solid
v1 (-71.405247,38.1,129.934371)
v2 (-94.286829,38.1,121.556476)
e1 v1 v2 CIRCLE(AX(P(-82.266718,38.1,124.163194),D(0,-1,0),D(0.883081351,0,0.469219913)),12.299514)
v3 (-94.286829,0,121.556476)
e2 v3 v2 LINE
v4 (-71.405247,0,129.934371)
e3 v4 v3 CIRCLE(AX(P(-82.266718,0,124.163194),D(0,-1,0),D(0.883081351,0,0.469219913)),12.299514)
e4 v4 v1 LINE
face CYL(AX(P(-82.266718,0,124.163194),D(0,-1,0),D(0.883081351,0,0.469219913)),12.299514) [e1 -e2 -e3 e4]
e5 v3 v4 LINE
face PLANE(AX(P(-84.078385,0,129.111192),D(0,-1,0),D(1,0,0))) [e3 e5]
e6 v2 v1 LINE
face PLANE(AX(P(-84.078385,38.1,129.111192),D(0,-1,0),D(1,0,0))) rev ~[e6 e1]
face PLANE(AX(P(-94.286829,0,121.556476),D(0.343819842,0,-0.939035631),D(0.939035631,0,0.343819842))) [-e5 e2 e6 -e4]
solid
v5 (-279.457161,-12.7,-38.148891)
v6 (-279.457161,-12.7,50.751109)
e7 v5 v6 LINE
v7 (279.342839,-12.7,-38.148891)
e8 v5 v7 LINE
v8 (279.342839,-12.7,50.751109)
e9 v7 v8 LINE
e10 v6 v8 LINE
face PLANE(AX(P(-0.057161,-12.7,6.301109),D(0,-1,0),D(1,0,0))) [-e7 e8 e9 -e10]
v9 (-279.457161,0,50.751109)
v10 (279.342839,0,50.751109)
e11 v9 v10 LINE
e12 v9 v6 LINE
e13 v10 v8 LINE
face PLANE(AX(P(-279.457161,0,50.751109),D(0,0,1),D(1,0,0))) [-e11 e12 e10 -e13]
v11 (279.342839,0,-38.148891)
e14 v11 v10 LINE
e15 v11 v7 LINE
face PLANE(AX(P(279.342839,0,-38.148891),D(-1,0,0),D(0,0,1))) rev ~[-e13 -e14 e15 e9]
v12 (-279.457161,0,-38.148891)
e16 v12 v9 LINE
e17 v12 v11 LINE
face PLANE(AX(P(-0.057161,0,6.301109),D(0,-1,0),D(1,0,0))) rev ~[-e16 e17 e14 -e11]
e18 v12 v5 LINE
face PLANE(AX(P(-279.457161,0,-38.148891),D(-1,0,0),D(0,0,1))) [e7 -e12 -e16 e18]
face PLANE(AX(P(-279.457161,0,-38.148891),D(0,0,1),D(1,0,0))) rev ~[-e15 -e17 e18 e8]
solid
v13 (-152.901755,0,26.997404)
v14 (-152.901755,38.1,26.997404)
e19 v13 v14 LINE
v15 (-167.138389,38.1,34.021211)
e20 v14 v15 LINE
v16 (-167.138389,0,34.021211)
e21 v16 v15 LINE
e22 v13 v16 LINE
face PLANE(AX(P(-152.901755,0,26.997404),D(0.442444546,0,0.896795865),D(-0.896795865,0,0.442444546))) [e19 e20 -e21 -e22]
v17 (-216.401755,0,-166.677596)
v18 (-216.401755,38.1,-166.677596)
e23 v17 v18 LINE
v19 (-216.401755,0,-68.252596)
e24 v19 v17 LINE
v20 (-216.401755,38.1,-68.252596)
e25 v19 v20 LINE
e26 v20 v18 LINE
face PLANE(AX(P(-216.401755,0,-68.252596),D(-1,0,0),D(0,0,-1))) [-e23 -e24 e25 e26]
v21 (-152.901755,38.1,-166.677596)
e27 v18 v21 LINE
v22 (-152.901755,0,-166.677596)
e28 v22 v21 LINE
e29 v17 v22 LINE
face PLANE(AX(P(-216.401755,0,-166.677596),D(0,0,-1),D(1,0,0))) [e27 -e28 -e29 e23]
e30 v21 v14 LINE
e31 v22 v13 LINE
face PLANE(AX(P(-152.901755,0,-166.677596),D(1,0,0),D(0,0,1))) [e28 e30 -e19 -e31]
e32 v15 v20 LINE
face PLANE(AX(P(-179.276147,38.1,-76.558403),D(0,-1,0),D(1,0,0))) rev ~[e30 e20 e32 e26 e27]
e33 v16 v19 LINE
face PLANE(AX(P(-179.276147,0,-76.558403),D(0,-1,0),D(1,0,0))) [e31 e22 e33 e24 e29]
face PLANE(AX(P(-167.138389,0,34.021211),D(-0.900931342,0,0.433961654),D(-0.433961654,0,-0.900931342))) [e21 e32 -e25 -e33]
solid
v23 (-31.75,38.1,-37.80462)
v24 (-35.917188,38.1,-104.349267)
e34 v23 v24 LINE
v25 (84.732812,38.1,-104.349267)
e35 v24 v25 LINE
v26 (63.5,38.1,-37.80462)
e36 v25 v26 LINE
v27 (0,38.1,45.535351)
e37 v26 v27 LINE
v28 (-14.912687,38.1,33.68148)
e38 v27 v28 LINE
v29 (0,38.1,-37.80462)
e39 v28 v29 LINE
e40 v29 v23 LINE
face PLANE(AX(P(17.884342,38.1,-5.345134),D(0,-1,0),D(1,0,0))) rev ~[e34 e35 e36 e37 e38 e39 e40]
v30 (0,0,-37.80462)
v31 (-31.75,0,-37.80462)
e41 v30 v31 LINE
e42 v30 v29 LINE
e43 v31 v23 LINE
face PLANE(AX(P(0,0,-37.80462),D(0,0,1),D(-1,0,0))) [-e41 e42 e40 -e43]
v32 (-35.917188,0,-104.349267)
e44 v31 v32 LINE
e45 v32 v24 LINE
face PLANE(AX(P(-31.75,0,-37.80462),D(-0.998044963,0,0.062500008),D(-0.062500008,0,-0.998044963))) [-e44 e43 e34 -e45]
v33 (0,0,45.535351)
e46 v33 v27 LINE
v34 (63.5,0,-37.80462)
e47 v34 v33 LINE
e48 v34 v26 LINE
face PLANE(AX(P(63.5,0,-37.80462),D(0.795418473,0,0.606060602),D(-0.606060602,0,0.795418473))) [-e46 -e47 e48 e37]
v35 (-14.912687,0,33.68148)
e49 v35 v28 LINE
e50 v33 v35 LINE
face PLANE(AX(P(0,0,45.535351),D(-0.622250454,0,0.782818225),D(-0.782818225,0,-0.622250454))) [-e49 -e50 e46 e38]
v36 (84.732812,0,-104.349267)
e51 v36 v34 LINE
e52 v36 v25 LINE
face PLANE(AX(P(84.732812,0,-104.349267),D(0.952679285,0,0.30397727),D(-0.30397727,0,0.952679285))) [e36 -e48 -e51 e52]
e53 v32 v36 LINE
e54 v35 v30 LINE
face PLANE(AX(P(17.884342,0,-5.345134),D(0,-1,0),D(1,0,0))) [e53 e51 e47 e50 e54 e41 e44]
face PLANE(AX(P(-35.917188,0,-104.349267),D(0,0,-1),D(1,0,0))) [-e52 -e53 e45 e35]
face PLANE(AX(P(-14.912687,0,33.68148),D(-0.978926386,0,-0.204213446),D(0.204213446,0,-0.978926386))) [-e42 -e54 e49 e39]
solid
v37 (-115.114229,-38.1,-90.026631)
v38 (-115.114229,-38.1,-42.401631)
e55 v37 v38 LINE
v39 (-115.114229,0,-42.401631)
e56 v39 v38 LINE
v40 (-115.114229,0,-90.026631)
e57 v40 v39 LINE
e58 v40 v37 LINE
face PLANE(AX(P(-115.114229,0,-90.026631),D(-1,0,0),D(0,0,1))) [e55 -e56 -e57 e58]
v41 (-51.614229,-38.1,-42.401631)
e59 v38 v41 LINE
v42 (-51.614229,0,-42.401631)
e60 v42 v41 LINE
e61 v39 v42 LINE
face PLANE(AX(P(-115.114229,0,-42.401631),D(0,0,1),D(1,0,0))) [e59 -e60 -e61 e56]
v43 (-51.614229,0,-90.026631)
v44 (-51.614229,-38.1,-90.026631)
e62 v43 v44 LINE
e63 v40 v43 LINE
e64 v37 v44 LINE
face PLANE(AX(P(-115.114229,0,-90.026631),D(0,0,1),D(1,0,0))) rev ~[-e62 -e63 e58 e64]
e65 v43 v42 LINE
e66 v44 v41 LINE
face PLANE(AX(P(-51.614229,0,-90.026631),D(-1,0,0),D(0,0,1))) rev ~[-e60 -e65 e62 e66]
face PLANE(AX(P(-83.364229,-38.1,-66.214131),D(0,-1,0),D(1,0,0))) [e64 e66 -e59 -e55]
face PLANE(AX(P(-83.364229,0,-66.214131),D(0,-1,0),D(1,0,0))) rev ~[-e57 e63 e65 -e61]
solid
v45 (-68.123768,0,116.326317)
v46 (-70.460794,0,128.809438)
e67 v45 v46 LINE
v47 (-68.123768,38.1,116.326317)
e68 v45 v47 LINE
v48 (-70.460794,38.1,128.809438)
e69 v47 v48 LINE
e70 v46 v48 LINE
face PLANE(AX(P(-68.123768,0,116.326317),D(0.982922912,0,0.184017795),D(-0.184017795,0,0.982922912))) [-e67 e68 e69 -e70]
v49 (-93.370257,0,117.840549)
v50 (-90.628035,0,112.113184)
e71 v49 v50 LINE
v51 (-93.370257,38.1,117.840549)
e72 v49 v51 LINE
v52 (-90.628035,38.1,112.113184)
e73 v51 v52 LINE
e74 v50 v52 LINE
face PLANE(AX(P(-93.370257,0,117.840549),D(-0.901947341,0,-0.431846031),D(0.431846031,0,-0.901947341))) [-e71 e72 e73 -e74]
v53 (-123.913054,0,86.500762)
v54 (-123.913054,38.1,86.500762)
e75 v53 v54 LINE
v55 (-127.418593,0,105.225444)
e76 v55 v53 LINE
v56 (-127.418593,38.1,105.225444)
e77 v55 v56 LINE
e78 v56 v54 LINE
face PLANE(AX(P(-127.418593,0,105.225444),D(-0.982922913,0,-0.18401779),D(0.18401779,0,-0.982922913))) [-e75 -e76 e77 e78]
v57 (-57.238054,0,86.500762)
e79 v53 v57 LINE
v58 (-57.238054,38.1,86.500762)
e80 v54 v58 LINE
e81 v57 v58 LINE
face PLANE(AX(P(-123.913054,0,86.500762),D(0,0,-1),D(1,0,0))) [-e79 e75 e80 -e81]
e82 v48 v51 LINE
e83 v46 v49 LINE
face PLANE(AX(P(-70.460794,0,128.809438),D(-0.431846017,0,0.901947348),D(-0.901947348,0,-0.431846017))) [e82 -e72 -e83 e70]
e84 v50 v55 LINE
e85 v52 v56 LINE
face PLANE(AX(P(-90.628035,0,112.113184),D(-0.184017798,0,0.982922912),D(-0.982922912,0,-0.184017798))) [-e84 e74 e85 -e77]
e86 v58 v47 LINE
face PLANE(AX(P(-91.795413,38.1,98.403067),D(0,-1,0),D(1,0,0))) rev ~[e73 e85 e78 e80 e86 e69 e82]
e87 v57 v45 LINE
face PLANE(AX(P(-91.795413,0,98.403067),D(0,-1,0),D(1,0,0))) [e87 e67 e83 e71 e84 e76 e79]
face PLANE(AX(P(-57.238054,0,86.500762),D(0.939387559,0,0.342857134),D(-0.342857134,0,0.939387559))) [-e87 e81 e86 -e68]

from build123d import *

# Parameters (mm, degrees)
F1_DEPTH  = 38.1
F3_DEPTH  = 38.1
F5_DEPTH  = 38.1
F6_W      = 63.5
F6_H      = 47.625
F7_DEPTH  = 38.1
F9_DEPTH  = 38.1
F11_W     = 558.8
F11_H     = 88.9
F12_DEPTH = 12.7


with BuildPart() as f1:
    # F0 (on Front) → F1 (new body)
    with BuildSketch(Plane.XZ):
        Polygon((0, 45.535351), (-14.912687, 33.68148), (0, -37.80462), (63.5, -37.80462), align=None)
        Polygon((63.5, -37.80462), (0, -37.80462), (-31.75, -37.80462), (-35.917188, -104.349267), (84.732812, -104.349267), align=None)
    extrude(amount=-F1_DEPTH)


with BuildPart() as f3:
    # F2 (on Front) → F3 (new body)
    with BuildSketch(Plane.XZ):
        Polygon((-152.901755, 26.997404), (-167.138389, 34.021211), (-216.401755, -68.252596), (-216.401755, -166.677596), (-152.901755, -166.677596), align=None)
    extrude(amount=-F3_DEPTH)


with BuildPart() as f5:
    # F4 (on Front) → F5 (new body)
    with BuildSketch(Plane.XZ):
        Polygon((-90.628035, 112.113184), (-127.418593, 105.225444), (-123.913054, 86.500762), (-57.238054, 86.500762), (-68.123768, 116.326317), align=None)
        Polygon((-93.370257, 117.840549), (-90.628035, 112.113184), (-68.123768, 116.326317), (-70.460794, 128.809438), align=None)
    extrude(amount=-F5_DEPTH)


with BuildPart() as f7:
    # F6 (on Front) → F7 (new body)
    with BuildSketch(Plane.XZ):
        with Locations((-83.364229, -66.214131)):
            Rectangle(F6_W, F6_H)
    extrude(amount=F7_DEPTH)


with BuildPart() as f9:
    # F8 (on Front) → F9 (new body)
    with BuildSketch(Plane.XZ):
        with BuildLine():
            Line((-94.286829, 121.556476), (-71.405247, 129.934371))
            ThreePointArc((-71.405247, 129.934371), (-86.495535, 135.712876), (-94.286829, 121.556476))
        make_face()
    extrude(amount=-F9_DEPTH)


with BuildPart() as f12:
    # F11 (on Front) → F12 (new body)
    with BuildSketch(Plane.XZ):
        with Locations((-0.057161, 6.301109)):
            Rectangle(F11_W, F11_H)
    extrude(amount=F12_DEPTH)


solid = Compound([f1.part, f3.part, f5.part, f7.part, f9.part, f12.part])
